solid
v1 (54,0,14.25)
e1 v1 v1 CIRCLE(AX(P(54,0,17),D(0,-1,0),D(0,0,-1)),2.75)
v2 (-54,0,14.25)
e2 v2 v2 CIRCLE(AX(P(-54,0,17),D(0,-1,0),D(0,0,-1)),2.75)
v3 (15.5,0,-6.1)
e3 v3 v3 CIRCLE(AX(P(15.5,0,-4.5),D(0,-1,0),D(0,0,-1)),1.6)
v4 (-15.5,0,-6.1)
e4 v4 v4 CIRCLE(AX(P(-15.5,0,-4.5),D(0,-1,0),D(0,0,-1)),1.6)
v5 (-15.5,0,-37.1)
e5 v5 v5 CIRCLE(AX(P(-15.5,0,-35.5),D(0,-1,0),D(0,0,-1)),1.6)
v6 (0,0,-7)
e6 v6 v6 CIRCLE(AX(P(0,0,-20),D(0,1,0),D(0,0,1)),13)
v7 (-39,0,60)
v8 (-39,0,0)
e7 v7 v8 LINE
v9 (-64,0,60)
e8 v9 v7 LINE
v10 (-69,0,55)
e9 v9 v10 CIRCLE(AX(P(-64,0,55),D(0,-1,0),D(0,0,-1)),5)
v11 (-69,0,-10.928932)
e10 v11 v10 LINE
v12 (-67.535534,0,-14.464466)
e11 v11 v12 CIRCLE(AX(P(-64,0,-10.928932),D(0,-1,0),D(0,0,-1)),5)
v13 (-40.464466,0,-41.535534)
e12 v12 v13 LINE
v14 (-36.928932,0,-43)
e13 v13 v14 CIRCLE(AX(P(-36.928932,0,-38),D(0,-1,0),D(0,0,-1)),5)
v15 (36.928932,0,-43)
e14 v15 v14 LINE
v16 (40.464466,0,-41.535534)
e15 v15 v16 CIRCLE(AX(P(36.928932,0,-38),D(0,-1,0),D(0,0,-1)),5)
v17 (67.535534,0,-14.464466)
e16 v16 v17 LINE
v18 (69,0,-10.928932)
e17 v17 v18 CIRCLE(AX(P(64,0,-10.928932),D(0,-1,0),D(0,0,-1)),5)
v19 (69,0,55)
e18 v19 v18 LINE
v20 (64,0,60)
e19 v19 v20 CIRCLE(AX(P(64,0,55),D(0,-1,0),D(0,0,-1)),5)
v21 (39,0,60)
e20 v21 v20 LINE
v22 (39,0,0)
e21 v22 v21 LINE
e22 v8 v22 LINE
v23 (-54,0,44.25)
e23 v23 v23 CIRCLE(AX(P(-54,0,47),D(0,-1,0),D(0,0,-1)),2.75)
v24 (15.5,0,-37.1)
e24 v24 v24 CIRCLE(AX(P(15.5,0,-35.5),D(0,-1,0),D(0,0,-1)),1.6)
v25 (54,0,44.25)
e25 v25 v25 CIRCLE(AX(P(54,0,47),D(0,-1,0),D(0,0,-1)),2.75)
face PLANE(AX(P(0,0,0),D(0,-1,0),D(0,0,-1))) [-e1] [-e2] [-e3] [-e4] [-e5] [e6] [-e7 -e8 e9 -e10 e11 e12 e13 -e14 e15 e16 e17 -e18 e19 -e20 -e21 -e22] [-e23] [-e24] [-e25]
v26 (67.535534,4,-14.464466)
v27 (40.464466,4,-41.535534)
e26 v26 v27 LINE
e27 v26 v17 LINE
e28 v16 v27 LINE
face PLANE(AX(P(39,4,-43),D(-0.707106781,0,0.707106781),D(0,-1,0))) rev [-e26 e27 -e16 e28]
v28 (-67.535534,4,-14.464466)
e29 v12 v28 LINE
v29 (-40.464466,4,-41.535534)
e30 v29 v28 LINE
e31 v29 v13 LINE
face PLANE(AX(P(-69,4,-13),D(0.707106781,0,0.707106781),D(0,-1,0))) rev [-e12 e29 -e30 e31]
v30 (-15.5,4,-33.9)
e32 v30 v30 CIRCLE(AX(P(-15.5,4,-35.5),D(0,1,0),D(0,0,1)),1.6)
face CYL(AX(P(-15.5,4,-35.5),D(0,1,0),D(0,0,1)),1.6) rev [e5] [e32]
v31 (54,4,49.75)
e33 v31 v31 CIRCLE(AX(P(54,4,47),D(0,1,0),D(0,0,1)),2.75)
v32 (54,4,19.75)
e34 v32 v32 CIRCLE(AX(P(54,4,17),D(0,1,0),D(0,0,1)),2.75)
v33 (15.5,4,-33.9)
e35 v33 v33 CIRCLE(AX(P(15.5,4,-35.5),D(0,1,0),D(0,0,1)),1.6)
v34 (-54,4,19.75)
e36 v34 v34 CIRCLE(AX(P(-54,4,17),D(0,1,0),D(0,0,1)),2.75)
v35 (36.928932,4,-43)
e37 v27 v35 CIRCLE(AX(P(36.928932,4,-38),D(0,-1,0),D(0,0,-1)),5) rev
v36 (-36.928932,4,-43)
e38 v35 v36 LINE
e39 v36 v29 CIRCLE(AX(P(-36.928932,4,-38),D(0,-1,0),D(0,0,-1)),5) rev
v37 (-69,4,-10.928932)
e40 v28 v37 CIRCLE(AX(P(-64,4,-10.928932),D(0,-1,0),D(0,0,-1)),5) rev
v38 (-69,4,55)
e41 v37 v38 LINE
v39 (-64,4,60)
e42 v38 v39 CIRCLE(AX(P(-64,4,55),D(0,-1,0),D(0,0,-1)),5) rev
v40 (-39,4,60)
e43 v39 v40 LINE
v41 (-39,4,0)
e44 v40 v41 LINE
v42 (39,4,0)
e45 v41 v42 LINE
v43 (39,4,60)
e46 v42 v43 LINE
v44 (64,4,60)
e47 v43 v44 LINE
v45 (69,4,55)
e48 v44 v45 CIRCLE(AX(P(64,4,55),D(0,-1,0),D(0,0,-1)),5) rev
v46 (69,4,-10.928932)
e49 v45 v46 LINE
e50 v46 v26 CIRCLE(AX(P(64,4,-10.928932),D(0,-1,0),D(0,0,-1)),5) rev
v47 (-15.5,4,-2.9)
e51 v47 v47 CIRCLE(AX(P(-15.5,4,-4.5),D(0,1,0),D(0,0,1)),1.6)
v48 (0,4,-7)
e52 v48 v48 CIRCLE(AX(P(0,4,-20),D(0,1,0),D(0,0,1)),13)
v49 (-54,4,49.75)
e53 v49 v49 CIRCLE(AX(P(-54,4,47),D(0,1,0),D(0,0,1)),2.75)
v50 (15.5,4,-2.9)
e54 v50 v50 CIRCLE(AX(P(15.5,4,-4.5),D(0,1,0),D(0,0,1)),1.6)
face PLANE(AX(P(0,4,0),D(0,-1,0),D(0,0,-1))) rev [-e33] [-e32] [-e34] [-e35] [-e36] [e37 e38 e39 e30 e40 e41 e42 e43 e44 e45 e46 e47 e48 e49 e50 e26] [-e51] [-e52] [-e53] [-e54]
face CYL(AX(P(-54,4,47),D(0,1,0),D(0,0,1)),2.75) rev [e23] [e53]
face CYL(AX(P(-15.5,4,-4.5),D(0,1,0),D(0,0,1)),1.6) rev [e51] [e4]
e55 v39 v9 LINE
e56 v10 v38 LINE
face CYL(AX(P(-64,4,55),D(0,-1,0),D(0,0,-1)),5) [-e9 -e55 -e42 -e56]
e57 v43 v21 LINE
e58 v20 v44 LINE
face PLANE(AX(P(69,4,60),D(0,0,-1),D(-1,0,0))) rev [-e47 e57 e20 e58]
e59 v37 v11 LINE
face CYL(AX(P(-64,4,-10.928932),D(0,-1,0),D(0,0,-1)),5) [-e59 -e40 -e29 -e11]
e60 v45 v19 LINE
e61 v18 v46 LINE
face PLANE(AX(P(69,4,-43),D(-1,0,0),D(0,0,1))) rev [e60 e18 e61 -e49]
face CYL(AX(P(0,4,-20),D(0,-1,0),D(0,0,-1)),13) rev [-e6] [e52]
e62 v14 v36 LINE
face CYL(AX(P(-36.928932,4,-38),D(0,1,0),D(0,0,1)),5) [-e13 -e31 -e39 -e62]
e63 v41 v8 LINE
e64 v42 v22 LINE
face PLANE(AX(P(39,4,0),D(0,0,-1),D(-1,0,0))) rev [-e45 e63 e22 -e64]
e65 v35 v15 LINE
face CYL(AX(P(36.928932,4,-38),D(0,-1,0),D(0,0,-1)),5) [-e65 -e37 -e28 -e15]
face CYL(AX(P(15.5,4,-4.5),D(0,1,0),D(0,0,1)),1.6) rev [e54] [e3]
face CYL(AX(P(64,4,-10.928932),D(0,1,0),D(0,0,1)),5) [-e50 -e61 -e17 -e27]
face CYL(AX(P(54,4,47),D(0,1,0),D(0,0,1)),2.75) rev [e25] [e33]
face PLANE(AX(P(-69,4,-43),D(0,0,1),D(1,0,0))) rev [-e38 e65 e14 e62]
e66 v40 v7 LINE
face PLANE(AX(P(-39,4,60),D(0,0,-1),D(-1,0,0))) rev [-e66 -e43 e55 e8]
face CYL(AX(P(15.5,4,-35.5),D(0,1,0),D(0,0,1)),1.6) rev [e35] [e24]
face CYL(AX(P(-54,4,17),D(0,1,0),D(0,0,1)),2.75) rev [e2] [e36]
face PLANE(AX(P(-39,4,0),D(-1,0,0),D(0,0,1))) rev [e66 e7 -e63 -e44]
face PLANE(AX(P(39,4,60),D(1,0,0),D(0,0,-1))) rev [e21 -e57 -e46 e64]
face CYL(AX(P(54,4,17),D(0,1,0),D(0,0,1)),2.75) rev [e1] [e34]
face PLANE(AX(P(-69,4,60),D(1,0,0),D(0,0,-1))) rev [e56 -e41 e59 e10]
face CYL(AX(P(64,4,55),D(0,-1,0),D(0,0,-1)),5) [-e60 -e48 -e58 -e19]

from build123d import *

# Parameters (mm, degrees)
SKETCH1_R                = 13
BOSS_EXTRUDE1_DEPTH      = 4
CHAMFER1_SIZE            = 30
M3_CLEARANCE_HOLE1_D     = 3.2
M3_CLEARANCE_HOLE1_DEPTH = 8
M3_CLEARANCE_HOLE1_TIP   = 0.96137699
FILLET1_R                = 5
M5_CLEARANCE_HOLE1_D     = 5.5
M5_CLEARANCE_HOLE1_DEPTH = 8
M5_CLEARANCE_HOLE1_TIP   = 1.652366702


with BuildPart() as part:
    # Sketch1 → Boss-Extrude1 (new body)
    with BuildSketch(Plane(origin=(0, 0, 0), x_dir=(1, 0, 0), z_dir=(0, 1, 0))):
        Polygon((-69, -60), (-69, 43), (69, 43), (69, -60), (39, -60), (39, 0), (-39, 0), (-39, -60), align=None)
        with Locations(Location((0, 20, 0), (0, 0, 270))):
            Circle(SKETCH1_R, mode=Mode.SUBTRACT)
    extrude(amount=BOSS_EXTRUDE1_DEPTH)

    # Chamfer1
    chamfer1_edges = [part.edges().sort_by_distance(p)[0] for p in [
        (-69, 2, -43),
        (69, 2, -43),
    ]]
    chamfer(chamfer1_edges, length=CHAMFER1_SIZE)

    # M3 Clearance Hole1
    with Locations(Plane(origin=(0, 4, 0), x_dir=(1, 0, 0), z_dir=(0, 1, 0))):
        with Locations((-15.5, 35.5), (-15.5, 4.5), (15.5, 4.5), (15.5, 35.5)):
            Hole(M3_CLEARANCE_HOLE1_D / 2, depth=M3_CLEARANCE_HOLE1_DEPTH)
            with Locations((0, 0, -(M3_CLEARANCE_HOLE1_DEPTH + M3_CLEARANCE_HOLE1_TIP / 2))):  # 118° drill point
                Cone(0, M3_CLEARANCE_HOLE1_D / 2, M3_CLEARANCE_HOLE1_TIP, mode=Mode.SUBTRACT)

    # Fillet1
    fillet1_edges = [part.edges().sort_by_distance(p)[0] for p in [
        (-69, 2, 60),
        (69, 2, 60),
        (-69, 2, -13),
        (39, 2, -43),
        (-39, 2, -43),
        (69, 2, -13),
    ]]
    fillet(fillet1_edges, radius=FILLET1_R)

    # M5 Clearance Hole1
    with Locations(Plane(origin=(0, 4, 0), x_dir=(1, 0, 0), z_dir=(0, 1, 0))):
        with Locations((-54, -47), (-54, -17), (54, -17), (54, -47)):
            Hole(M5_CLEARANCE_HOLE1_D / 2, depth=M5_CLEARANCE_HOLE1_DEPTH)
            with Locations((0, 0, -(M5_CLEARANCE_HOLE1_DEPTH + M5_CLEARANCE_HOLE1_TIP / 2))):  # 118° drill point
                Cone(0, M5_CLEARANCE_HOLE1_D / 2, M5_CLEARANCE_HOLE1_TIP, mode=Mode.SUBTRACT)


solid = part.part
